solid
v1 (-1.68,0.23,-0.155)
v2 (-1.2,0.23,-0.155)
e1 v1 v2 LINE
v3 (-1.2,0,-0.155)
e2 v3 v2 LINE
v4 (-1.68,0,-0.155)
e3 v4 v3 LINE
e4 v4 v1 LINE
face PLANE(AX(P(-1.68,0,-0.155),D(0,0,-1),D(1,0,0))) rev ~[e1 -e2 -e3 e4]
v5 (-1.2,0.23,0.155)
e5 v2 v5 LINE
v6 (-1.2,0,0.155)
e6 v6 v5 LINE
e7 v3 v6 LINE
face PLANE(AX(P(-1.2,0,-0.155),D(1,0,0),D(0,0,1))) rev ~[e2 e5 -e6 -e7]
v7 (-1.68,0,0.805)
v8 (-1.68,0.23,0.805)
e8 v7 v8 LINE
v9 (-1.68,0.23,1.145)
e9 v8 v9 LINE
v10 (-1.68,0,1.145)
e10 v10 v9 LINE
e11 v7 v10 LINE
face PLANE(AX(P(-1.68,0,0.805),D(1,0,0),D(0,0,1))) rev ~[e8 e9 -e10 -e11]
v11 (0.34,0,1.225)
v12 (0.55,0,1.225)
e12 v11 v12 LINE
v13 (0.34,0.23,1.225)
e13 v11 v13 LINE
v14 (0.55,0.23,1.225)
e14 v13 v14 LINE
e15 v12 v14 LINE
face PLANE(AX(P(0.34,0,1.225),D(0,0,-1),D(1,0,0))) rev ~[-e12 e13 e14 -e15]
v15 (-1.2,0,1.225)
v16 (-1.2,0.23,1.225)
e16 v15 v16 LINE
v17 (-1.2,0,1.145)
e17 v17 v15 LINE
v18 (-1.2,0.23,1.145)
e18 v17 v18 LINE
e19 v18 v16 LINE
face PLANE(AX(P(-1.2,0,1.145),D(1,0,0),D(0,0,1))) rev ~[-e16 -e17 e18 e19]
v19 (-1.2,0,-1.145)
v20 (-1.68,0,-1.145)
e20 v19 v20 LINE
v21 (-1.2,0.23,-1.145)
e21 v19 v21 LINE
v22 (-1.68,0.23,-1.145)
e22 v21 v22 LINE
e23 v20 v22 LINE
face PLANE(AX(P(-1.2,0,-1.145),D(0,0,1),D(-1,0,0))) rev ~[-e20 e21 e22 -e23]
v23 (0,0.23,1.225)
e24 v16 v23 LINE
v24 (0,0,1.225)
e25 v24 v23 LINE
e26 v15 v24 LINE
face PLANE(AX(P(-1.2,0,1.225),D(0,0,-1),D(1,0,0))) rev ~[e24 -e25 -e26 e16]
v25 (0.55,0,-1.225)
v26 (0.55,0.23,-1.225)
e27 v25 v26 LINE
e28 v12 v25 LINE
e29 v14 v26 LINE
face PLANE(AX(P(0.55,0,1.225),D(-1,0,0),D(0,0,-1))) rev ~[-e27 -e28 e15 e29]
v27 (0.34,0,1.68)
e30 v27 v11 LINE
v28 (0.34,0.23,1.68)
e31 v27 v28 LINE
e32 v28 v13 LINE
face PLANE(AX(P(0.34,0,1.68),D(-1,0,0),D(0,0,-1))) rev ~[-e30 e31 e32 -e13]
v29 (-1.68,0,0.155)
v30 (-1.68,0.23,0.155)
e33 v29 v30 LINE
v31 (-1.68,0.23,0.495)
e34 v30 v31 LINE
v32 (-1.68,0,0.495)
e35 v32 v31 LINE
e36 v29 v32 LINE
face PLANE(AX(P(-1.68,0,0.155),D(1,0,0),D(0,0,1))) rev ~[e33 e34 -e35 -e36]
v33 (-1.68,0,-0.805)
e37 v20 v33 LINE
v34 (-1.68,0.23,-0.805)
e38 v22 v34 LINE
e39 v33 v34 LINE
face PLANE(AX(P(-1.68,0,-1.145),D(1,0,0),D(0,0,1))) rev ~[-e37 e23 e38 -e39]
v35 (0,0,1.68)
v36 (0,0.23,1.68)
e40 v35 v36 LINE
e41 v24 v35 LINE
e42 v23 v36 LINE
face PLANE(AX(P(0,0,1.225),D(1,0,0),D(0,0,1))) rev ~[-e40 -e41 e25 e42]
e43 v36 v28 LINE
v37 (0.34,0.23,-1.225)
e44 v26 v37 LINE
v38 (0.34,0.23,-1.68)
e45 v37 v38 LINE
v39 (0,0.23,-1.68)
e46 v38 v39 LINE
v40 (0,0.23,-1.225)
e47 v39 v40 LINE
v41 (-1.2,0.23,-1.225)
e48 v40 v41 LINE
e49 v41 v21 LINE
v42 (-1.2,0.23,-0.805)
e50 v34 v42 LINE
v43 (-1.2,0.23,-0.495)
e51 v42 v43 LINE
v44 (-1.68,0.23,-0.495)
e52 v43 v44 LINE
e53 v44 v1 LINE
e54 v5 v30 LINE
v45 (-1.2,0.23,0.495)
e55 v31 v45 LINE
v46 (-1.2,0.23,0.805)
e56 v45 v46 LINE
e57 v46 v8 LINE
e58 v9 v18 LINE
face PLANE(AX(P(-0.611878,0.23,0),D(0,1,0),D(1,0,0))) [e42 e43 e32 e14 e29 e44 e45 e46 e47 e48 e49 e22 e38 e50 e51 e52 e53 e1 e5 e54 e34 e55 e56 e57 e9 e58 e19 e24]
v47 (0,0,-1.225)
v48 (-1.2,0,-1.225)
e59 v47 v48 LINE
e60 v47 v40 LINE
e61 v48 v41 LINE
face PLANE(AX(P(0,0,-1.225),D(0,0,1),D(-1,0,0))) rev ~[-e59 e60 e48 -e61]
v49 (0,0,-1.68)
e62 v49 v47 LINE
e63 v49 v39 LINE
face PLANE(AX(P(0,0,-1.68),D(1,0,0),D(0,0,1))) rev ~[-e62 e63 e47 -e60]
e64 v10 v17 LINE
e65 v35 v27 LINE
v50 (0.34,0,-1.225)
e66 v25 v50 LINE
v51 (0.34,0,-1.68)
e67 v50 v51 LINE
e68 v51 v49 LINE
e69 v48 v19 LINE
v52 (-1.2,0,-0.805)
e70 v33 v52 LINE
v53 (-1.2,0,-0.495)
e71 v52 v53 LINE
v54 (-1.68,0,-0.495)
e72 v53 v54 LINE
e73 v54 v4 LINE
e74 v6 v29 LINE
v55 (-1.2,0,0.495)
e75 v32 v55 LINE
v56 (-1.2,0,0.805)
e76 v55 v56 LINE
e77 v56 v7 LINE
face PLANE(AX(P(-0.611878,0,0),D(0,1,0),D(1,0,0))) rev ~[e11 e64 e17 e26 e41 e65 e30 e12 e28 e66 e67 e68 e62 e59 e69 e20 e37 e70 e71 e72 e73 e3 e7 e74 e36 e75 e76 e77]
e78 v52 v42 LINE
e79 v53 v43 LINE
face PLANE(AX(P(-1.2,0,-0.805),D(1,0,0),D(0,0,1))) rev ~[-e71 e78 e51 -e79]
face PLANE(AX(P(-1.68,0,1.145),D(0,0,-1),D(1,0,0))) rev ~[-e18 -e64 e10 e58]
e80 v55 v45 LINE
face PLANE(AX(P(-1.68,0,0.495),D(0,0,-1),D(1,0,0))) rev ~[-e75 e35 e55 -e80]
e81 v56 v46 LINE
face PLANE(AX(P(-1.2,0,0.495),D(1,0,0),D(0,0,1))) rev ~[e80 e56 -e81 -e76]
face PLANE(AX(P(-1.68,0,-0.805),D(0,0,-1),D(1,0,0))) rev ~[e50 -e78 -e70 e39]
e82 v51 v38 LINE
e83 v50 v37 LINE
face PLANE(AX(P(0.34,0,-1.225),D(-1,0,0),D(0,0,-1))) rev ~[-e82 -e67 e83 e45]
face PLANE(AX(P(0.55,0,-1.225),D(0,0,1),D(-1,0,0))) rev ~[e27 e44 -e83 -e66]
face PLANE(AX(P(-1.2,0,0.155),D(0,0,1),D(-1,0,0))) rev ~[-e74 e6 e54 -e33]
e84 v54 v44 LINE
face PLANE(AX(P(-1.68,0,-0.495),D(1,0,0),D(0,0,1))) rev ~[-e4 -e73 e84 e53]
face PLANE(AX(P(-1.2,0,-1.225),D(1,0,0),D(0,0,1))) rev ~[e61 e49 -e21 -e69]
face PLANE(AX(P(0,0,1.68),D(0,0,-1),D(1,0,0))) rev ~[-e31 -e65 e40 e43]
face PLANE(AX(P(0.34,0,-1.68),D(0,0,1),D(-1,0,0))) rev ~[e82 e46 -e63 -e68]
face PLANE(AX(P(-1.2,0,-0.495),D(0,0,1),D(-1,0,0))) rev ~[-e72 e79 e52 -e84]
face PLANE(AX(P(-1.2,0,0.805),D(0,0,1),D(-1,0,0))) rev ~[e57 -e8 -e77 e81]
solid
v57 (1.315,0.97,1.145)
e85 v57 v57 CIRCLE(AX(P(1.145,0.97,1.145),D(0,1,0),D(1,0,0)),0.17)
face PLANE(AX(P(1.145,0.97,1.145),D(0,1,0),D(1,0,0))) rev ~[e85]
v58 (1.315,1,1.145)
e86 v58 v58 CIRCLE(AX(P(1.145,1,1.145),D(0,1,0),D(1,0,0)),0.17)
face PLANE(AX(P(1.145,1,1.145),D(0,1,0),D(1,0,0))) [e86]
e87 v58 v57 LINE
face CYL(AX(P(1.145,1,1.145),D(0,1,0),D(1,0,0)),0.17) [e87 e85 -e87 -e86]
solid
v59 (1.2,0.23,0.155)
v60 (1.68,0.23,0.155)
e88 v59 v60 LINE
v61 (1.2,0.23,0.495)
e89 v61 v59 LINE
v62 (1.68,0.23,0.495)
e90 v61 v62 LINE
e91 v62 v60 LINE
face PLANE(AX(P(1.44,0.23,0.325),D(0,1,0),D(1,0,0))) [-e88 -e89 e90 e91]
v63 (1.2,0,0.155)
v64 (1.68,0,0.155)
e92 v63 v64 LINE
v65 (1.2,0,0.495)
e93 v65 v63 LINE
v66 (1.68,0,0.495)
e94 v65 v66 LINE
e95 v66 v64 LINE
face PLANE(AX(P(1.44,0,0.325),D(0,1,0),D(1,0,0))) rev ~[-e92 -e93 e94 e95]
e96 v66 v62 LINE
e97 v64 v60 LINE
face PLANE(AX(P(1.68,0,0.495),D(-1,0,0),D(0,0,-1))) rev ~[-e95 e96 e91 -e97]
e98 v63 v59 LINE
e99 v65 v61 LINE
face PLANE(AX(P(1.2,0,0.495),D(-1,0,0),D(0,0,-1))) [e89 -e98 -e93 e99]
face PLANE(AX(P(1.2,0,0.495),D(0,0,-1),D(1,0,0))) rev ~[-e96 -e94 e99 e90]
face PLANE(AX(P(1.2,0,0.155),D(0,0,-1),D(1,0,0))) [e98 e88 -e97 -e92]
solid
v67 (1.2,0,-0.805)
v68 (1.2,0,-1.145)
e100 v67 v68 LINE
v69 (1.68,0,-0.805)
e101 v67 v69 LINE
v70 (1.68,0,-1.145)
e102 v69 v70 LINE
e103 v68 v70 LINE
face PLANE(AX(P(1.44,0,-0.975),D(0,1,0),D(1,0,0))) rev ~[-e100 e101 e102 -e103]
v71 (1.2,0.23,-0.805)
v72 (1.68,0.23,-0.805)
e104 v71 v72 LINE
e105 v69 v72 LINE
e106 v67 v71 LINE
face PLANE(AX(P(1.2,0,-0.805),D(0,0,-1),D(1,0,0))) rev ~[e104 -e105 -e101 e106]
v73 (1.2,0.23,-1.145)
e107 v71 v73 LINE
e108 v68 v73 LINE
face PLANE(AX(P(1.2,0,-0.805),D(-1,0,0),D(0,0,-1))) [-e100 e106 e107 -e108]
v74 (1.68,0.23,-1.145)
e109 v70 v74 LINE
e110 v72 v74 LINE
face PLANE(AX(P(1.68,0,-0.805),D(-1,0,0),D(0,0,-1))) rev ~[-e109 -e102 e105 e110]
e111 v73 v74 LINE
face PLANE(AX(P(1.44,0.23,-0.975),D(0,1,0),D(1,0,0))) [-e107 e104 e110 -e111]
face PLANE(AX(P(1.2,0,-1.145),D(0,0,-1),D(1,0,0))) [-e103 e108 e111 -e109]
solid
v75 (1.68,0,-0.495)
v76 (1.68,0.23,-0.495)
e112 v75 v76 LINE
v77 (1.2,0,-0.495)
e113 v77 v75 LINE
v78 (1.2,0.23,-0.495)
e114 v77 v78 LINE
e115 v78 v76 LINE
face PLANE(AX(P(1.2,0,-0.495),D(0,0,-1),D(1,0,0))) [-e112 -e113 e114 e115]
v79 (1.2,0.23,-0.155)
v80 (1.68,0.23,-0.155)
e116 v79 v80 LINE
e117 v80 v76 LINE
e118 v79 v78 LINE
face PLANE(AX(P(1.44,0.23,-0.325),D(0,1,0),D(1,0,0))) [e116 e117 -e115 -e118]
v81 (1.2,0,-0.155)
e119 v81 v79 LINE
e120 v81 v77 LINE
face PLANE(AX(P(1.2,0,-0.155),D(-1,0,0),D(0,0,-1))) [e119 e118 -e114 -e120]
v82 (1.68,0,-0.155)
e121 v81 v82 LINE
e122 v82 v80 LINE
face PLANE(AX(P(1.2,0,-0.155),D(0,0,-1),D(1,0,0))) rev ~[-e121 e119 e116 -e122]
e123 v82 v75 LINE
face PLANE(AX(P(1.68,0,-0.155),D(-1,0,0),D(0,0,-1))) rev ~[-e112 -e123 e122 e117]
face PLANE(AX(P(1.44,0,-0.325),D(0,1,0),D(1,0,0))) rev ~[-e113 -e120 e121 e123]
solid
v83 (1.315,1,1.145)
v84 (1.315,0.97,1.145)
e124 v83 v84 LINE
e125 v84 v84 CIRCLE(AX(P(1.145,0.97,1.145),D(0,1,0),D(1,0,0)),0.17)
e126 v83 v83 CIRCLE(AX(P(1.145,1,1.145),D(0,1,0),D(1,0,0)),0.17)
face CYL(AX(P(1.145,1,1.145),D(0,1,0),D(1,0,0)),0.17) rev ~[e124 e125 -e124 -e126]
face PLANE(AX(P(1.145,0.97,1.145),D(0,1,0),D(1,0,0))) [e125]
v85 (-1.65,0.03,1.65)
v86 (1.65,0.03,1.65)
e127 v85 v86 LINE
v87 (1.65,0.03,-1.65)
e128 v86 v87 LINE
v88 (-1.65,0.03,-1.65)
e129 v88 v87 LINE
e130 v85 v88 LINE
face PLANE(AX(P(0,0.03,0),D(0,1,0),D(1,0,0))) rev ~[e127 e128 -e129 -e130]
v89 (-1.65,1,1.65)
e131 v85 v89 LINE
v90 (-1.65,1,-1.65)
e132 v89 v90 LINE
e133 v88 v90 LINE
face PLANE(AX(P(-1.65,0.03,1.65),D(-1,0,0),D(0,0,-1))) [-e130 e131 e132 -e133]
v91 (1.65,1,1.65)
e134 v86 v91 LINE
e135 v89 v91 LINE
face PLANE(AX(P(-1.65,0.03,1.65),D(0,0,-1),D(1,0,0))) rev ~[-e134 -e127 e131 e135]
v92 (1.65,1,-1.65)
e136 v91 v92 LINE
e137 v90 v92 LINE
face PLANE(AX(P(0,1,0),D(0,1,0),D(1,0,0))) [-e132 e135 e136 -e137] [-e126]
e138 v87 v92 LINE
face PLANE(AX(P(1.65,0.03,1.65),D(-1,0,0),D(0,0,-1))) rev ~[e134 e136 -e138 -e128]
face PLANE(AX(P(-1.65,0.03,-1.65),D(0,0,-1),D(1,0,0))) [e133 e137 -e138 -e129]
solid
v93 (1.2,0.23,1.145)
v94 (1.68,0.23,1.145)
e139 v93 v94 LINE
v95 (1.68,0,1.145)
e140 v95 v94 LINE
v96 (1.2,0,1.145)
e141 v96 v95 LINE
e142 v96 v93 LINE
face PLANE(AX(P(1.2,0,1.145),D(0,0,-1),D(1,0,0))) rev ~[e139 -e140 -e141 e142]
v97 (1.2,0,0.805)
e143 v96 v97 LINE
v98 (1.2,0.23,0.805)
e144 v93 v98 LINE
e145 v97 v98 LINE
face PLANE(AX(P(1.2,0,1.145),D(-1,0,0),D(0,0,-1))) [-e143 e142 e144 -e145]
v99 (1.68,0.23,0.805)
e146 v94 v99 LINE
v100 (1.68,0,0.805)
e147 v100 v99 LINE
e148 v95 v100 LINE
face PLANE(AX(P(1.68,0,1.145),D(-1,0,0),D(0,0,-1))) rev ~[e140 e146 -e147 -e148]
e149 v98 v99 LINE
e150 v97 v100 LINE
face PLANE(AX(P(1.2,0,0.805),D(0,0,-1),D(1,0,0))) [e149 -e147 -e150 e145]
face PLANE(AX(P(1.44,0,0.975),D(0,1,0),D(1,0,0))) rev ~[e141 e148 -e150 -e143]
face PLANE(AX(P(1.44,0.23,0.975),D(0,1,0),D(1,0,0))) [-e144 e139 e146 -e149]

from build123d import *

# Parameters (mm, degrees)
EXTRUDE_START       = 0.03
SKETCH_1_W          = 3.3
SKETCH_1_H          = 3.3
EXTRUDE_1_DEPTH     = 0.97
SKETCH_2_W          = 0.48
SKETCH_2_H          = 0.34
EXTRUDE_2_DEPTH     = 0.23
EXTRUDE_2_2_DEPTH   = 0.23
EXTRUDE_2_3_DEPTH   = 0.23
EXTRUDE_2_4_DEPTH   = 0.23
EXTRUDE_3_DEPTH     = 0.23
CUT_EXTRUDE_START   = 1
SKETCH_4_R          = 0.17
CUT_EXTRUDE_1_DEPTH = 0.03
EXTRUDE_START_2     = 1
SKETCH_4_2_R        = 0.17
EXTRUDE_4_DEPTH     = 0.03


with BuildPart() as part:
    # Эскиз1 → Бобышка-Вытянуть1 (new body)
    with BuildSketch(Plane(origin=(0, 0, 0), x_dir=(1, 0, 0), z_dir=(0, 1, 0)).offset(EXTRUDE_START)):
        Rectangle(SKETCH_1_W, SKETCH_1_H)
    extrude(amount=EXTRUDE_1_DEPTH)

    # Эскиз4 → Вырез-Вытянуть1 (cut)
    with BuildSketch(Plane(origin=(0, 0, 0), x_dir=(1, 0, 0), z_dir=(0, 1, 0)).offset(CUT_EXTRUDE_START)):
        with Locations((1.145, -1.145)):
            Circle(SKETCH_4_R)
    extrude(amount=-CUT_EXTRUDE_1_DEPTH, mode=Mode.SUBTRACT)


with BuildPart() as body_2:
    # Эскиз2 → Бобышка-Вытянуть2 (new body)
    with BuildSketch(Plane(origin=(0, 0, 0), x_dir=(1, 0, 0), z_dir=(0, 1, 0))):
        with Locations((1.44, -0.975)):
            Rectangle(SKETCH_2_W, SKETCH_2_H)
    extrude(amount=EXTRUDE_2_DEPTH)


with BuildPart() as body_3:
    # Эскиз2 → Extrude 2 2 (new body)
    with BuildSketch(Plane(origin=(0, 0, 0), x_dir=(1, 0, 0), z_dir=(0, 1, 0))):
        with Locations((1.44, 0.325)):
            Rectangle(SKETCH_2_W, SKETCH_2_H)
    extrude(amount=EXTRUDE_2_2_DEPTH)


with BuildPart() as body_4:
    # Эскиз2 → Extrude 2 3 (new body)
    with BuildSketch(Plane(origin=(0, 0, 0), x_dir=(1, 0, 0), z_dir=(0, 1, 0))):
        with Locations((1.44, 0.975)):
            Rectangle(SKETCH_2_W, SKETCH_2_H)
    extrude(amount=EXTRUDE_2_3_DEPTH)


with BuildPart() as body_5:
    # Эскиз2 → Extrude 2 4 (new body)
    with BuildSketch(Plane(origin=(0, 0, 0), x_dir=(1, 0, 0), z_dir=(0, 1, 0))):
        with Locations((1.44, -0.325)):
            Rectangle(SKETCH_2_W, SKETCH_2_H)
    extrude(amount=EXTRUDE_2_4_DEPTH)


with BuildPart() as body_6:
    # Эскиз3 → Бобышка-Вытянуть3 (new body)
    with BuildSketch(Plane(origin=(0, 0, 0), x_dir=(1, 0, 0), z_dir=(0, 1, 0))):
        Polygon((-1.2, -1.145), (-1.2, -1.225), (0, -1.225), (0, -1.68), (0.34, -1.68), (0.34, -1.225), (0.55, -1.225), (0.55, 1.225), (0.34, 1.225), (0.34, 1.68), (0, 1.68), (0, 1.225), (-1.2, 1.225), (-1.2, 1.145), (-1.68, 1.145), (-1.68, 0.805), (-1.2, 0.805), (-1.2, 0.495), (-1.68, 0.495), (-1.68, 0.155), (-1.2, 0.155), (-1.2, -0.155), (-1.68, -0.155), (-1.68, -0.495), (-1.2, -0.495), (-1.2, -0.805), (-1.68, -0.805), (-1.68, -1.145), align=None)
    extrude(amount=EXTRUDE_3_DEPTH)


with BuildPart() as body_7:
    # Эскиз4<2> → Бобышка-Вытянуть4 (new body)
    with BuildSketch(Plane(origin=(0, 0, 0), x_dir=(1, 0, 0), z_dir=(0, 1, 0)).offset(EXTRUDE_START_2)):
        with Locations((1.145, -1.145)):
            Circle(SKETCH_4_2_R)
    extrude(amount=-EXTRUDE_4_DEPTH)


solid = Compound([part.part, body_2.part, body_3.part, body_4.part, body_5.part, body_6.part, body_7.part])
